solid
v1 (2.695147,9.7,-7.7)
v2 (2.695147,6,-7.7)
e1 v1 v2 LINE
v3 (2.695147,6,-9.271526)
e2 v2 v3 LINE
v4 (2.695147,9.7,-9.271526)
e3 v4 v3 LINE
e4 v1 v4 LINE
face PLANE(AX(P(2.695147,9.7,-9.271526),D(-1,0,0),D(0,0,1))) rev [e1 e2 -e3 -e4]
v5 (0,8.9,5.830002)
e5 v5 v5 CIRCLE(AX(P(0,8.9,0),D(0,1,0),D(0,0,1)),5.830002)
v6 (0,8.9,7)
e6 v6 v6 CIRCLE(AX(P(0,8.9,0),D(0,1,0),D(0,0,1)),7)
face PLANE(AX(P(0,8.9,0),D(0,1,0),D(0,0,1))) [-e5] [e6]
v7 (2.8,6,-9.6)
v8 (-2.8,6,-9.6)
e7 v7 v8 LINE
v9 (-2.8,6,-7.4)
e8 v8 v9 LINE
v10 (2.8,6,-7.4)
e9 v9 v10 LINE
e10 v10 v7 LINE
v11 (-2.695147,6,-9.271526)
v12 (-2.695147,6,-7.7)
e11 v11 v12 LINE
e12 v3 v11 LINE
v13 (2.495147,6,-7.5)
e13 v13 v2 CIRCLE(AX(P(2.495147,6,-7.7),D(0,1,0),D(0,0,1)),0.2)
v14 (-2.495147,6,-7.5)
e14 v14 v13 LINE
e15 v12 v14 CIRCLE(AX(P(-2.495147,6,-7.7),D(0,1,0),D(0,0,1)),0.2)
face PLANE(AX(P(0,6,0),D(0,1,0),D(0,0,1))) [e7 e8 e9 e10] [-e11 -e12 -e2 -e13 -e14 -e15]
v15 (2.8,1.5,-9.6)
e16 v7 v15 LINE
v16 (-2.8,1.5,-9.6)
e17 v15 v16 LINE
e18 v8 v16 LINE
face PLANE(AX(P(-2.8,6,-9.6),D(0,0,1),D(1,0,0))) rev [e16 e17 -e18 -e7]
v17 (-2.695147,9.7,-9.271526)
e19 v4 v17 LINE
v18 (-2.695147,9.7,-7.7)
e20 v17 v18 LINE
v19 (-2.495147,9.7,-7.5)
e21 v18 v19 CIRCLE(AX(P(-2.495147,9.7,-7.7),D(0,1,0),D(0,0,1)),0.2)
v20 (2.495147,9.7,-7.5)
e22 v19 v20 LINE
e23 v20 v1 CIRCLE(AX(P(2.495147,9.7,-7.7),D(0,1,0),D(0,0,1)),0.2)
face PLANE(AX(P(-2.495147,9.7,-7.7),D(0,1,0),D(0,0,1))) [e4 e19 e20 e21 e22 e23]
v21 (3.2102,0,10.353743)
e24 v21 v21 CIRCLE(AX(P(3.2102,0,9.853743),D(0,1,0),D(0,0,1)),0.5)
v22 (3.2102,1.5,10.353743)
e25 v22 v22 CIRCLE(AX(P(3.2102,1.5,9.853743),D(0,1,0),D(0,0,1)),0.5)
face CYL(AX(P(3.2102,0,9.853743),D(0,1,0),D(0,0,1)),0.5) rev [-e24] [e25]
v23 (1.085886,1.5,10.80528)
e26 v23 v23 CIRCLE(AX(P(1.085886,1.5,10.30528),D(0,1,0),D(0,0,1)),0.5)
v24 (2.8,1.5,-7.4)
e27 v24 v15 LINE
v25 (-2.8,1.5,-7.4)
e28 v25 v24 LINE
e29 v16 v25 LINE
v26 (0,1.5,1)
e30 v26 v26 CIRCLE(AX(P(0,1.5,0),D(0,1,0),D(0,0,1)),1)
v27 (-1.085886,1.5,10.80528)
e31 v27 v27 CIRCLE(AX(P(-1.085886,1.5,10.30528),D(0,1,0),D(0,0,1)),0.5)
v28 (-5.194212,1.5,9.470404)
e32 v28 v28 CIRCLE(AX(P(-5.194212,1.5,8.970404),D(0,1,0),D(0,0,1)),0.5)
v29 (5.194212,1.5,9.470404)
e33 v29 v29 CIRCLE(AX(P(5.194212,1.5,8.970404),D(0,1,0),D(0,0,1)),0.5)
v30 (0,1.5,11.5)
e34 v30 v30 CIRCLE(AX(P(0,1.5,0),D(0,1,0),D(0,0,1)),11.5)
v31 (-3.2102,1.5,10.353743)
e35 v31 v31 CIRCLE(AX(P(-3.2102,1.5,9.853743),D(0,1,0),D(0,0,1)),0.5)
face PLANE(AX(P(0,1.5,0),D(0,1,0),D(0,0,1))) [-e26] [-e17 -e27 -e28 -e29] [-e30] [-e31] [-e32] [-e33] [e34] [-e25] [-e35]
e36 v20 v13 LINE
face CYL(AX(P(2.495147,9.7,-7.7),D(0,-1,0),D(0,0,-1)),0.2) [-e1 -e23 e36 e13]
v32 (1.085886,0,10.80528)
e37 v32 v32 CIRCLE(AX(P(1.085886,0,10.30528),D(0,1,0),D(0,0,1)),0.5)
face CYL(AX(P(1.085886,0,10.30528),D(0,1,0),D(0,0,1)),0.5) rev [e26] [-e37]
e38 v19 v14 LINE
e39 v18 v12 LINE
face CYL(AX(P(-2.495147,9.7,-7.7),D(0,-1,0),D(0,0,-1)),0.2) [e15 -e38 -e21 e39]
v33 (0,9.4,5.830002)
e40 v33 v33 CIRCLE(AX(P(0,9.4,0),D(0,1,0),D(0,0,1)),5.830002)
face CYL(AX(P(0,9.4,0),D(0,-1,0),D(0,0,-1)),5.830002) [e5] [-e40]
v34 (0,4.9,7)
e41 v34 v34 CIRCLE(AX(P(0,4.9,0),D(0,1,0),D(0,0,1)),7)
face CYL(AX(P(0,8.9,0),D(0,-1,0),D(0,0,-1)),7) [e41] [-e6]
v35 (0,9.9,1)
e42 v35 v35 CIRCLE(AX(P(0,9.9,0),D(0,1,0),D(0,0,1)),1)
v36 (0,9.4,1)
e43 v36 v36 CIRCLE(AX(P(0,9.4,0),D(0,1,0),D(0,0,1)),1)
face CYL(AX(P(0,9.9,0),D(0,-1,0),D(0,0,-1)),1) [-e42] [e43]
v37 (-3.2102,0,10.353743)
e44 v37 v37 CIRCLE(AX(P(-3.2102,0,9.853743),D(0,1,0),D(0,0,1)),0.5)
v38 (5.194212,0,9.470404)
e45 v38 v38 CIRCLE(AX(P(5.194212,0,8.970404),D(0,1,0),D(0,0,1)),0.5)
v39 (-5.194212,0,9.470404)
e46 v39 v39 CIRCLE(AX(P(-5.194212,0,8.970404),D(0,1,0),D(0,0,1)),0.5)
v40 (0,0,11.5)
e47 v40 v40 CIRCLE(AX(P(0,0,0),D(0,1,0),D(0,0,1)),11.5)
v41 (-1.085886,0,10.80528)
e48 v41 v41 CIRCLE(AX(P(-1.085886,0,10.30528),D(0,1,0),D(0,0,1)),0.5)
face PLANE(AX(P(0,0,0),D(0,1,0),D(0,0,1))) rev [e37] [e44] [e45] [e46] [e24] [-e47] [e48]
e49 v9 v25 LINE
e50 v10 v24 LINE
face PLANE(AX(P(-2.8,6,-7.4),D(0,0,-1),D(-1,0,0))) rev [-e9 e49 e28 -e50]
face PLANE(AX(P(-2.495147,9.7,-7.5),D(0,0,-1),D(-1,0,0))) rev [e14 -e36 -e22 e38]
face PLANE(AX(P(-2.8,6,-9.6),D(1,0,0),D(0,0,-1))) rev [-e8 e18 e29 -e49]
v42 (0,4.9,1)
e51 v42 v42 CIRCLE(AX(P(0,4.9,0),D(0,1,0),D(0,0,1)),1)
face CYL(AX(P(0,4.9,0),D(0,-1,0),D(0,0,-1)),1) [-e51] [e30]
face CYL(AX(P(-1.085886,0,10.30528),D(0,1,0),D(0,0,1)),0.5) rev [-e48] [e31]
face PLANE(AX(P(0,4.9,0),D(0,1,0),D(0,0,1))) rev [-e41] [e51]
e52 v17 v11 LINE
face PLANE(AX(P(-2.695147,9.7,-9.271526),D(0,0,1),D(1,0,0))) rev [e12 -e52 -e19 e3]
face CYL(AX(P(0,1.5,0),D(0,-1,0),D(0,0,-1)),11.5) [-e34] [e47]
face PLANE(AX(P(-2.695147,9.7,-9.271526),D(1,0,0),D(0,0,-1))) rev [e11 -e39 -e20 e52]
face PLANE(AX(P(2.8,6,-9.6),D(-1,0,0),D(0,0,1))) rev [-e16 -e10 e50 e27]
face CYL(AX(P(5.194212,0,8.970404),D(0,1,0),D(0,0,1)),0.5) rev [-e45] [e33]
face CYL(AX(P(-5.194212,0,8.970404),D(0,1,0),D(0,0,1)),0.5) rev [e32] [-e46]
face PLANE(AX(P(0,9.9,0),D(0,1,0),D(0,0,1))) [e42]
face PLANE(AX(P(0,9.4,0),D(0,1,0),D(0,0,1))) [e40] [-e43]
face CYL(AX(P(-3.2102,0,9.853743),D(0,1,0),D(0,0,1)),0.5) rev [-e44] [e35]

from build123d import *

# Parameters (mm, degrees)
ESBO_O1_R                = 11.5
RESSALTO_EXTRUS_O1_DEPTH = 1.5
ESBO_O2_W                = 5.6
ESBO_O2_H                = 2.2
RESSALTO_EXTRUS_O2_DEPTH = 4.5
RESSALTO_EXTRUS_O3_DEPTH = 3.7
ESBO_O4_R                = 1
RESSALTO_EXTRUS_O4_DEPTH = 3.4
ESBO_O5_R                = 7
RESSALTO_EXTRUS_O5_DEPTH = 4
ESBO_O6_R                = 5.830002148
RESSALTO_EXTRUS_O6_DEPTH = 0.5
ESBO_O7_R                = 1
RESSALTO_EXTRUS_O7_DEPTH = 0.5
ESBO_O8_R                = 0.5
CORTE_EXTRUS_O1_DEPTH    = 19.304644219


with BuildPart() as part:
    # Esboço1 → Ressalto-extrusão1 (new body)
    with BuildSketch(Plane(origin=(0, 0, 0), x_dir=(1, 0, 0), z_dir=(0, 1, 0))):
        with Locations(Location((0, 0, 0), (0, 0, 270))):
            Circle(ESBO_O1_R)
    extrude(amount=RESSALTO_EXTRUS_O1_DEPTH)

    # Esboço2 → Ressalto-extrusão2 (add)
    with BuildSketch(Plane(origin=(0, 1.5, 0), x_dir=(1, 0, 0), z_dir=(0, 1, 0))):
        with Locations((0, 8.5)):
            Rectangle(ESBO_O2_W, ESBO_O2_H)
    extrude(amount=RESSALTO_EXTRUS_O2_DEPTH)

    # Esboço3 → Ressalto-extrusão3 (add)
    with BuildSketch(Plane(origin=(0, 6, 0), x_dir=(1, 0, 0), z_dir=(0, 1, 0))):
        with BuildLine():
            Line((-2.695146994, 9.271525864), (2.695146994, 9.271525864))
            Line((2.695146994, 9.271525864), (2.695146994, 7.7))
            ThreePointArc((2.695146994, 7.7), (2.63656835, 7.558578644), (2.495146994, 7.5))
            Line((2.495146994, 7.5), (-2.495146994, 7.5))
            ThreePointArc((-2.495146994, 7.5), (-2.63656835, 7.558578644), (-2.695146994, 7.7))
            Line((-2.695146994, 7.7), (-2.695146994, 9.271525864))
        make_face()
    extrude(amount=RESSALTO_EXTRUS_O3_DEPTH)

    # Esboço4 → Ressalto-extrusão4 (add)
    with BuildSketch(Plane(origin=(0, 1.5, 0), x_dir=(1, 0, 0), z_dir=(0, 1, 0))):
        with Locations(Location((0, 0, 0), (0, 0, 270))):
            Circle(ESBO_O4_R)
    extrude(amount=RESSALTO_EXTRUS_O4_DEPTH)

    # Esboço5 → Ressalto-extrusão5 (add)
    with BuildSketch(Plane(origin=(0, 4.9, 0), x_dir=(1, 0, 0), z_dir=(0, 1, 0))):
        with Locations(Location((0, 0, 0), (0, 0, 270))):
            Circle(ESBO_O5_R)
    extrude(amount=RESSALTO_EXTRUS_O5_DEPTH)

    # Esboço6 → Ressalto-extrusão6 (add)
    with BuildSketch(Plane(origin=(0, 8.9, 0), x_dir=(1, 0, 0), z_dir=(0, 1, 0))):
        with Locations(Location((0, 0, 0), (0, 0, 270))):
            Circle(ESBO_O6_R)
    extrude(amount=RESSALTO_EXTRUS_O6_DEPTH)

    # Esboço7 → Ressalto-extrusão7 (add)
    with BuildSketch(Plane(origin=(0, 9.4, 0), x_dir=(1, 0, 0), z_dir=(0, 1, 0))):
        with Locations(Location((0, 0, 0), (0, 0, 270))):
            Circle(ESBO_O7_R)
    extrude(amount=RESSALTO_EXTRUS_O7_DEPTH)

    # Esboço8 → Corte-extrusão1 (cut, through all)
    with BuildSketch(Plane(origin=(0, 1.5, 0), x_dir=(1, 0, 0), z_dir=(0, 1, 0))):
        with Locations(Location((5.194212024, -8.970404078, 0), (0, 0, 270))):
            Circle(ESBO_O8_R)
        with Locations(Location((3.210199576, -9.853743332, 0), (0, 0, 270))):
            Circle(ESBO_O8_R)
        with Locations(Location((1.085886001, -10.305280121, 0), (0, 0, 270))):
            Circle(ESBO_O8_R)
        with Locations(Location((-1.085886001, -10.305280121, 0), (0, 0, 270))):
            Circle(ESBO_O8_R)
        with Locations(Location((-3.210199576, -9.853743332, 0), (0, 0, 270))):
            Circle(ESBO_O8_R)
        with Locations(Location((-5.194212024, -8.970404078, 0), (0, 0, 270))):
            Circle(ESBO_O8_R)
    extrude(amount=-CORTE_EXTRUS_O1_DEPTH, mode=Mode.SUBTRACT)


solid = part.part
